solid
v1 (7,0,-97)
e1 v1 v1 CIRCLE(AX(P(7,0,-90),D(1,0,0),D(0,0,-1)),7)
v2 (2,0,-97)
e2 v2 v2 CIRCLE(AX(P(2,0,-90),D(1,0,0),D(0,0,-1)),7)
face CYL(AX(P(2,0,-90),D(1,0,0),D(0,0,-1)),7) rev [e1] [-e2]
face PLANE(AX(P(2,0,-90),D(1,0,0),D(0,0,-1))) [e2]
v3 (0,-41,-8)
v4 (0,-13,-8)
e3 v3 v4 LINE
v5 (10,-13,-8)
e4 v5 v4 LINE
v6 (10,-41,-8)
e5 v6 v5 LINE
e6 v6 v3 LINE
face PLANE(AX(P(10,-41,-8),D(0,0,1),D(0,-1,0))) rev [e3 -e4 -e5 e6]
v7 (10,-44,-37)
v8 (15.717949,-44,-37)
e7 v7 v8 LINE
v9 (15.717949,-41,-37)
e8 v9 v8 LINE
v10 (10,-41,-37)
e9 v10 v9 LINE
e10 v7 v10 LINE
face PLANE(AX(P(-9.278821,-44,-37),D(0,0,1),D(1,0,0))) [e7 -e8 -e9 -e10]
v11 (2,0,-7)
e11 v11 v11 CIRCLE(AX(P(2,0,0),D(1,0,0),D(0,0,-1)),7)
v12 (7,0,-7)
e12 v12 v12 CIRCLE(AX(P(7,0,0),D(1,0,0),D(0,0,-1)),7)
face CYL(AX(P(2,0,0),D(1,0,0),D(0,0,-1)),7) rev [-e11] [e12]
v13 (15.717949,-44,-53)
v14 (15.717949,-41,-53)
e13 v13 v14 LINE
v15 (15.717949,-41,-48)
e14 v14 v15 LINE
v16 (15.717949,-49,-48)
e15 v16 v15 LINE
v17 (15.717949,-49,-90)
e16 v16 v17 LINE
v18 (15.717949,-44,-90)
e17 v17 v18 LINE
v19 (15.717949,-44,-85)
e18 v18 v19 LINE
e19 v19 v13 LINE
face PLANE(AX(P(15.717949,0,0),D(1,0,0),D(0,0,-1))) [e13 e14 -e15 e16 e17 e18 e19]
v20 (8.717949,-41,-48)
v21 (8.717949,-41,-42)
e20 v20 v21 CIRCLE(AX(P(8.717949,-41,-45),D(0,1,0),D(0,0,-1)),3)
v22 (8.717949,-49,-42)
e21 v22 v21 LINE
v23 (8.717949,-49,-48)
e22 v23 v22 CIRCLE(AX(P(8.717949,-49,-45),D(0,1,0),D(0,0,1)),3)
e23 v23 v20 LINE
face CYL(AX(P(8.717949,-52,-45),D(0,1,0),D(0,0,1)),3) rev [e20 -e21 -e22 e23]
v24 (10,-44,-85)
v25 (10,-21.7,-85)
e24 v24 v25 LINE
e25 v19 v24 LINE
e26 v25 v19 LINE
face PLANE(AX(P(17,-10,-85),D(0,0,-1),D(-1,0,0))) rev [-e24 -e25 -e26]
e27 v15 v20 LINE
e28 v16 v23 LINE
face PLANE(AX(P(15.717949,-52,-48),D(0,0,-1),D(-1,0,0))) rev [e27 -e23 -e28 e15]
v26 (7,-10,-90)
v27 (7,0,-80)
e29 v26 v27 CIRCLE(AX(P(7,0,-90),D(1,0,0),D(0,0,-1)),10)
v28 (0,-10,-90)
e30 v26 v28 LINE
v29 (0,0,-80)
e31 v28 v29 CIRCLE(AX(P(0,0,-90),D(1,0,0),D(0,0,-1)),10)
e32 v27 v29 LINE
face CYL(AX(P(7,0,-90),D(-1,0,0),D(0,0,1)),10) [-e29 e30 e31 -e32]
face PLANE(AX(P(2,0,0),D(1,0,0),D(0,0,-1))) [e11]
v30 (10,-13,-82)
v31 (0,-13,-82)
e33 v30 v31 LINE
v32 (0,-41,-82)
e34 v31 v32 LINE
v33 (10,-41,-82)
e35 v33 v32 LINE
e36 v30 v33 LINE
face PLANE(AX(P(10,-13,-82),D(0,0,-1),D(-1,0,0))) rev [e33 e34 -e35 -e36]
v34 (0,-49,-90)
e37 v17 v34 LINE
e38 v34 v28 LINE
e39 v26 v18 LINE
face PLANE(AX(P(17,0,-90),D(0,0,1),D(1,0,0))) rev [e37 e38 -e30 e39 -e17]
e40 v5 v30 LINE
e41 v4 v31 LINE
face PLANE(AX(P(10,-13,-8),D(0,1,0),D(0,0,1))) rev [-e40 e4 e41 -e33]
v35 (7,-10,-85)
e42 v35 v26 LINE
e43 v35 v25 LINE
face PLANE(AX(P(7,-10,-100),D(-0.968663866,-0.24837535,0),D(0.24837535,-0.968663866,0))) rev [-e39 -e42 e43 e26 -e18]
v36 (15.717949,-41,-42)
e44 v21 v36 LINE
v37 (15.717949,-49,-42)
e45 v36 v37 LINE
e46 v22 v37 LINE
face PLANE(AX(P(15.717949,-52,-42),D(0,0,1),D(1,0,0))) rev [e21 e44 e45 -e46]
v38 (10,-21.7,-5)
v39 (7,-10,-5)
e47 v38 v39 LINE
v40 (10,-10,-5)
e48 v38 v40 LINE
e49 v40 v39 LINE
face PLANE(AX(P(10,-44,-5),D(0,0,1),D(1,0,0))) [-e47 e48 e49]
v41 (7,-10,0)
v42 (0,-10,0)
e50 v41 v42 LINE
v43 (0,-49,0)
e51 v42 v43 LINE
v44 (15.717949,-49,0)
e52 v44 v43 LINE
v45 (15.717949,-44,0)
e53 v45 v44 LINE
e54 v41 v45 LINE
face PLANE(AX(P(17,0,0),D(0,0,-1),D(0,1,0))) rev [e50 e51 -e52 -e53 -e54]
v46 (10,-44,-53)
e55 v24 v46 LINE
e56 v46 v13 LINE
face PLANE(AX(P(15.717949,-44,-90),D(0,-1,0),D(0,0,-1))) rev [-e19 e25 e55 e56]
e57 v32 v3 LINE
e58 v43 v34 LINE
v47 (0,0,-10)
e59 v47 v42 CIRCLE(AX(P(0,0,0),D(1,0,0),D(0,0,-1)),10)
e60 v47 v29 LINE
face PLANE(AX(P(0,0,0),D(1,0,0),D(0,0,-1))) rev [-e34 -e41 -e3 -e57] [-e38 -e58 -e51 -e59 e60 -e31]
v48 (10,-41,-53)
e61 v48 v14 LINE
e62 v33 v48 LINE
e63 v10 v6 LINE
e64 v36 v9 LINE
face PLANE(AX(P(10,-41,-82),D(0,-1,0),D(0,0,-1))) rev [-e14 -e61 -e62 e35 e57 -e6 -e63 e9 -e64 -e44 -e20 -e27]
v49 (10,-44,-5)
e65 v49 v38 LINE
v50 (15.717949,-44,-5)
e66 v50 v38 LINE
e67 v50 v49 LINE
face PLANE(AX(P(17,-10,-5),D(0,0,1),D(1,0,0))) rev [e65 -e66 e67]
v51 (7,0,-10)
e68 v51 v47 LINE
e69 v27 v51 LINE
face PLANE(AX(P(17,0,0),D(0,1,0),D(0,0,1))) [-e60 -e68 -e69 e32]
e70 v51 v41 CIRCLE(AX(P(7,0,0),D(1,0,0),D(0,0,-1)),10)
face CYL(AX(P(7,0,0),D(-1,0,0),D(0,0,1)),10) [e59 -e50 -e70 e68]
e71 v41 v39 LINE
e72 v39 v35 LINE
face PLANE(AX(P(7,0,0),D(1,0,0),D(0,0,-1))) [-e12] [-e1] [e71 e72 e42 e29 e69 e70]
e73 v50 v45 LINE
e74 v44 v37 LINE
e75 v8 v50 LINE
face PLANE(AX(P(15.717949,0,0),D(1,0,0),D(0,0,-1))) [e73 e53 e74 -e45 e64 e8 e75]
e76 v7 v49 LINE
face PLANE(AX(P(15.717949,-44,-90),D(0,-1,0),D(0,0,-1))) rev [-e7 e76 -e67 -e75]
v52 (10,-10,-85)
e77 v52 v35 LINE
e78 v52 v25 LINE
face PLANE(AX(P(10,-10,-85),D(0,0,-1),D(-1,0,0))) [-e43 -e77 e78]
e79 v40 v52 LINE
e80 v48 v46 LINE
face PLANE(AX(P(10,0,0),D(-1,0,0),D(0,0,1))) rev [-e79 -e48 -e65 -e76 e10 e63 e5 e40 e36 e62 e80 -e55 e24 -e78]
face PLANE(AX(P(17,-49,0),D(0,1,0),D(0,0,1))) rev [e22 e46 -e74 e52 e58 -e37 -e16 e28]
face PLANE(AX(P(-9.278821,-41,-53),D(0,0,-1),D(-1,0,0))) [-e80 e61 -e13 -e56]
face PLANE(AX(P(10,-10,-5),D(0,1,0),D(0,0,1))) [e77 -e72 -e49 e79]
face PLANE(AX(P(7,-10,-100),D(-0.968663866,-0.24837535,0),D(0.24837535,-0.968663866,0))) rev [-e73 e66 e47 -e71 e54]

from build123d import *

# Parameters (mm, degrees)
SKETCH1_R             = 10
BOSS_EXTRUDE2_DEPTH   = 7
BOSS_EXTRUDE2_2_DEPTH = 7
BOSS_EXTRUDE3_DEPTH   = 17
CUT_EXTRUDE1_START    = -10
CUT_EXTRUDE1_DEPTH    = 10
CUT_EXTRUDE2_DEPTH    = 113.649900133
SKETCH5_R             = 7
CUT_EXTRUDE3_DEPTH    = 5
SKETCH6_W             = 80
SKETCH6_H             = 34
CUT_EXTRUDE4_DEPTH    = 113.649900133
SKETCH7_W             = 80
SKETCH7_H             = 34
SKETCH7_W_2           = 74
SKETCH7_H_2           = 28
BOSS_EXTRUDE4_DEPTH   = 10
CUT_EXTRUDE5_DEPTH    = 113.649900133
SKETCH9_W             = 90
SKETCH9_H             = 5
BOSS_EXTRUDE5_DEPTH   = 8.75
SKETCH10_W            = 16
SKETCH10_H            = 3
BOSS_EXTRUDE6_DEPTH   = 8.717948718
CUT_EXTRUDE6_DEPTH    = 11


with BuildPart() as part:
    # Sketch1 → Boss-Extrude2 (new body)
    with BuildSketch(Plane(origin=(0, 0, 0), x_dir=(0, 0, -1), z_dir=(1, 0, 0))):
        Circle(SKETCH1_R)
    extrude(amount=BOSS_EXTRUDE2_DEPTH)



with BuildPart() as body_2:
    # Sketch1 → Boss-Extrude2 2 (new body)
    with BuildSketch(Plane(origin=(0, 0, 0), x_dir=(0, 0, -1), z_dir=(1, 0, 0))):
        with Locations((90, 0)):
            Circle(SKETCH1_R)
    extrude(amount=BOSS_EXTRUDE2_2_DEPTH)


with BuildPart() as part_1:
    add(part.part)

    add(body_2.part)  # Boss-Extrude3 merges body 2
    # Sketch1<3> → Boss-Extrude3 (add)
    with BuildSketch(Plane(origin=(0, 0, 0), x_dir=(0, 0, -1), z_dir=(1, 0, 0))):
        with BuildLine():
            Line((80, 0), (10, 0))
            ThreePointArc((10, 0), (7.071067812, -7.071067812), (0, -10))
            Line((0, -10), (0, -49))
            Line((0, -49), (90, -49))
            Line((90, -49), (90, -10))
            ThreePointArc((90, -10), (82.928932188, -7.071067812), (80, 0))
        make_face()
    extrude(amount=BOSS_EXTRUDE3_DEPTH)

    # Sketch3 → Cut-Extrude1 (cut)
    with BuildSketch(Plane(origin=(17, 0, 0), x_dir=(0, 0, -1), z_dir=(1, 0, 0)).offset(CUT_EXTRUDE1_START)):
        with BuildLine():
            Line((0, -10), (90, -10))
            ThreePointArc((90, -10), (82.928932188, -7.071067812), (80, 0))
            Line((80, 0), (10, 0))
            ThreePointArc((10, 0), (7.071067812, -7.071067812), (0, -10))
        make_face()
    extrude(amount=CUT_EXTRUDE1_DEPTH, mode=Mode.SUBTRACT)

    # Sketch4 → Cut-Extrude2 (cut, through all)
    with BuildSketch(Plane.XY):
        Polygon((7, -10), (17, -49), (17, -10), align=None)
    extrude(amount=-CUT_EXTRUDE2_DEPTH, mode=Mode.SUBTRACT)

    # Sketch5 → Cut-Extrude3 (cut)
    with BuildSketch(Plane(origin=(7, 0, 0), x_dir=(0, 0, -1), z_dir=(1, 0, 0))):
        Circle(SKETCH5_R)
        with Locations((90, 0)):
            Circle(SKETCH5_R)
    extrude(amount=-CUT_EXTRUDE3_DEPTH, mode=Mode.SUBTRACT)

    # Sketch6 → Cut-Extrude4 (cut, through all)
    with BuildSketch(Plane.ZY):
        with Locations((-45, -27)):
            Rectangle(SKETCH6_W, SKETCH6_H)
    extrude(amount=-CUT_EXTRUDE4_DEPTH, mode=Mode.SUBTRACT)

    # Sketch7 → Boss-Extrude4 (add)
    with BuildSketch(Plane.ZY):
        with Locations((-45, -27)):
            Rectangle(SKETCH7_W, SKETCH7_H)
        with Locations((-45, -27)):
            Rectangle(SKETCH7_W_2, SKETCH7_H_2, mode=Mode.SUBTRACT)
    extrude(amount=-BOSS_EXTRUDE4_DEPTH)

    # Sketch8 → Cut-Extrude5 (cut, through all)
    with BuildSketch(Plane.XY):
        Polygon((15.717948718, -44), (17, -49), (6.967948718, -49), (6.967948718, -44), align=None)
    extrude(amount=-CUT_EXTRUDE5_DEPTH, mode=Mode.SUBTRACT)

    # Sketch9 → Boss-Extrude5 (add)
    with BuildSketch(Plane(origin=(6.967948718, 0, 0), x_dir=(0, 0, -1), z_dir=(1, 0, 0))):
        with Locations((45, -46.5)):
            Rectangle(SKETCH9_W, SKETCH9_H)
    extrude(amount=BOSS_EXTRUDE5_DEPTH)

    # Sketch10 → Boss-Extrude6 (add)
    with BuildSketch(Plane(origin=(15.717948718, 0, 0), x_dir=(0, 0, -1), z_dir=(1, 0, 0))):
        with Locations((45, -42.5)):
            Rectangle(SKETCH10_W, SKETCH10_H)
    extrude(amount=-BOSS_EXTRUDE6_DEPTH)

    # Sketch11 → Cut-Extrude6 (cut)
    with BuildSketch(Plane(origin=(0, -41, 0), x_dir=(1, 0, 0), z_dir=(0, 1, 0))):
        with BuildLine():
            Line((15.717948718, 42), (8.717948718, 42))
            ThreePointArc((8.717948718, 42), (5.717948718, 45), (8.717948718, 48))
            Line((8.717948718, 48), (15.717948718, 48))
            Line((15.717948718, 48), (15.717948718, 42))
        make_face()
    extrude(amount=-CUT_EXTRUDE6_DEPTH, mode=Mode.SUBTRACT)


solid = part_1.part
